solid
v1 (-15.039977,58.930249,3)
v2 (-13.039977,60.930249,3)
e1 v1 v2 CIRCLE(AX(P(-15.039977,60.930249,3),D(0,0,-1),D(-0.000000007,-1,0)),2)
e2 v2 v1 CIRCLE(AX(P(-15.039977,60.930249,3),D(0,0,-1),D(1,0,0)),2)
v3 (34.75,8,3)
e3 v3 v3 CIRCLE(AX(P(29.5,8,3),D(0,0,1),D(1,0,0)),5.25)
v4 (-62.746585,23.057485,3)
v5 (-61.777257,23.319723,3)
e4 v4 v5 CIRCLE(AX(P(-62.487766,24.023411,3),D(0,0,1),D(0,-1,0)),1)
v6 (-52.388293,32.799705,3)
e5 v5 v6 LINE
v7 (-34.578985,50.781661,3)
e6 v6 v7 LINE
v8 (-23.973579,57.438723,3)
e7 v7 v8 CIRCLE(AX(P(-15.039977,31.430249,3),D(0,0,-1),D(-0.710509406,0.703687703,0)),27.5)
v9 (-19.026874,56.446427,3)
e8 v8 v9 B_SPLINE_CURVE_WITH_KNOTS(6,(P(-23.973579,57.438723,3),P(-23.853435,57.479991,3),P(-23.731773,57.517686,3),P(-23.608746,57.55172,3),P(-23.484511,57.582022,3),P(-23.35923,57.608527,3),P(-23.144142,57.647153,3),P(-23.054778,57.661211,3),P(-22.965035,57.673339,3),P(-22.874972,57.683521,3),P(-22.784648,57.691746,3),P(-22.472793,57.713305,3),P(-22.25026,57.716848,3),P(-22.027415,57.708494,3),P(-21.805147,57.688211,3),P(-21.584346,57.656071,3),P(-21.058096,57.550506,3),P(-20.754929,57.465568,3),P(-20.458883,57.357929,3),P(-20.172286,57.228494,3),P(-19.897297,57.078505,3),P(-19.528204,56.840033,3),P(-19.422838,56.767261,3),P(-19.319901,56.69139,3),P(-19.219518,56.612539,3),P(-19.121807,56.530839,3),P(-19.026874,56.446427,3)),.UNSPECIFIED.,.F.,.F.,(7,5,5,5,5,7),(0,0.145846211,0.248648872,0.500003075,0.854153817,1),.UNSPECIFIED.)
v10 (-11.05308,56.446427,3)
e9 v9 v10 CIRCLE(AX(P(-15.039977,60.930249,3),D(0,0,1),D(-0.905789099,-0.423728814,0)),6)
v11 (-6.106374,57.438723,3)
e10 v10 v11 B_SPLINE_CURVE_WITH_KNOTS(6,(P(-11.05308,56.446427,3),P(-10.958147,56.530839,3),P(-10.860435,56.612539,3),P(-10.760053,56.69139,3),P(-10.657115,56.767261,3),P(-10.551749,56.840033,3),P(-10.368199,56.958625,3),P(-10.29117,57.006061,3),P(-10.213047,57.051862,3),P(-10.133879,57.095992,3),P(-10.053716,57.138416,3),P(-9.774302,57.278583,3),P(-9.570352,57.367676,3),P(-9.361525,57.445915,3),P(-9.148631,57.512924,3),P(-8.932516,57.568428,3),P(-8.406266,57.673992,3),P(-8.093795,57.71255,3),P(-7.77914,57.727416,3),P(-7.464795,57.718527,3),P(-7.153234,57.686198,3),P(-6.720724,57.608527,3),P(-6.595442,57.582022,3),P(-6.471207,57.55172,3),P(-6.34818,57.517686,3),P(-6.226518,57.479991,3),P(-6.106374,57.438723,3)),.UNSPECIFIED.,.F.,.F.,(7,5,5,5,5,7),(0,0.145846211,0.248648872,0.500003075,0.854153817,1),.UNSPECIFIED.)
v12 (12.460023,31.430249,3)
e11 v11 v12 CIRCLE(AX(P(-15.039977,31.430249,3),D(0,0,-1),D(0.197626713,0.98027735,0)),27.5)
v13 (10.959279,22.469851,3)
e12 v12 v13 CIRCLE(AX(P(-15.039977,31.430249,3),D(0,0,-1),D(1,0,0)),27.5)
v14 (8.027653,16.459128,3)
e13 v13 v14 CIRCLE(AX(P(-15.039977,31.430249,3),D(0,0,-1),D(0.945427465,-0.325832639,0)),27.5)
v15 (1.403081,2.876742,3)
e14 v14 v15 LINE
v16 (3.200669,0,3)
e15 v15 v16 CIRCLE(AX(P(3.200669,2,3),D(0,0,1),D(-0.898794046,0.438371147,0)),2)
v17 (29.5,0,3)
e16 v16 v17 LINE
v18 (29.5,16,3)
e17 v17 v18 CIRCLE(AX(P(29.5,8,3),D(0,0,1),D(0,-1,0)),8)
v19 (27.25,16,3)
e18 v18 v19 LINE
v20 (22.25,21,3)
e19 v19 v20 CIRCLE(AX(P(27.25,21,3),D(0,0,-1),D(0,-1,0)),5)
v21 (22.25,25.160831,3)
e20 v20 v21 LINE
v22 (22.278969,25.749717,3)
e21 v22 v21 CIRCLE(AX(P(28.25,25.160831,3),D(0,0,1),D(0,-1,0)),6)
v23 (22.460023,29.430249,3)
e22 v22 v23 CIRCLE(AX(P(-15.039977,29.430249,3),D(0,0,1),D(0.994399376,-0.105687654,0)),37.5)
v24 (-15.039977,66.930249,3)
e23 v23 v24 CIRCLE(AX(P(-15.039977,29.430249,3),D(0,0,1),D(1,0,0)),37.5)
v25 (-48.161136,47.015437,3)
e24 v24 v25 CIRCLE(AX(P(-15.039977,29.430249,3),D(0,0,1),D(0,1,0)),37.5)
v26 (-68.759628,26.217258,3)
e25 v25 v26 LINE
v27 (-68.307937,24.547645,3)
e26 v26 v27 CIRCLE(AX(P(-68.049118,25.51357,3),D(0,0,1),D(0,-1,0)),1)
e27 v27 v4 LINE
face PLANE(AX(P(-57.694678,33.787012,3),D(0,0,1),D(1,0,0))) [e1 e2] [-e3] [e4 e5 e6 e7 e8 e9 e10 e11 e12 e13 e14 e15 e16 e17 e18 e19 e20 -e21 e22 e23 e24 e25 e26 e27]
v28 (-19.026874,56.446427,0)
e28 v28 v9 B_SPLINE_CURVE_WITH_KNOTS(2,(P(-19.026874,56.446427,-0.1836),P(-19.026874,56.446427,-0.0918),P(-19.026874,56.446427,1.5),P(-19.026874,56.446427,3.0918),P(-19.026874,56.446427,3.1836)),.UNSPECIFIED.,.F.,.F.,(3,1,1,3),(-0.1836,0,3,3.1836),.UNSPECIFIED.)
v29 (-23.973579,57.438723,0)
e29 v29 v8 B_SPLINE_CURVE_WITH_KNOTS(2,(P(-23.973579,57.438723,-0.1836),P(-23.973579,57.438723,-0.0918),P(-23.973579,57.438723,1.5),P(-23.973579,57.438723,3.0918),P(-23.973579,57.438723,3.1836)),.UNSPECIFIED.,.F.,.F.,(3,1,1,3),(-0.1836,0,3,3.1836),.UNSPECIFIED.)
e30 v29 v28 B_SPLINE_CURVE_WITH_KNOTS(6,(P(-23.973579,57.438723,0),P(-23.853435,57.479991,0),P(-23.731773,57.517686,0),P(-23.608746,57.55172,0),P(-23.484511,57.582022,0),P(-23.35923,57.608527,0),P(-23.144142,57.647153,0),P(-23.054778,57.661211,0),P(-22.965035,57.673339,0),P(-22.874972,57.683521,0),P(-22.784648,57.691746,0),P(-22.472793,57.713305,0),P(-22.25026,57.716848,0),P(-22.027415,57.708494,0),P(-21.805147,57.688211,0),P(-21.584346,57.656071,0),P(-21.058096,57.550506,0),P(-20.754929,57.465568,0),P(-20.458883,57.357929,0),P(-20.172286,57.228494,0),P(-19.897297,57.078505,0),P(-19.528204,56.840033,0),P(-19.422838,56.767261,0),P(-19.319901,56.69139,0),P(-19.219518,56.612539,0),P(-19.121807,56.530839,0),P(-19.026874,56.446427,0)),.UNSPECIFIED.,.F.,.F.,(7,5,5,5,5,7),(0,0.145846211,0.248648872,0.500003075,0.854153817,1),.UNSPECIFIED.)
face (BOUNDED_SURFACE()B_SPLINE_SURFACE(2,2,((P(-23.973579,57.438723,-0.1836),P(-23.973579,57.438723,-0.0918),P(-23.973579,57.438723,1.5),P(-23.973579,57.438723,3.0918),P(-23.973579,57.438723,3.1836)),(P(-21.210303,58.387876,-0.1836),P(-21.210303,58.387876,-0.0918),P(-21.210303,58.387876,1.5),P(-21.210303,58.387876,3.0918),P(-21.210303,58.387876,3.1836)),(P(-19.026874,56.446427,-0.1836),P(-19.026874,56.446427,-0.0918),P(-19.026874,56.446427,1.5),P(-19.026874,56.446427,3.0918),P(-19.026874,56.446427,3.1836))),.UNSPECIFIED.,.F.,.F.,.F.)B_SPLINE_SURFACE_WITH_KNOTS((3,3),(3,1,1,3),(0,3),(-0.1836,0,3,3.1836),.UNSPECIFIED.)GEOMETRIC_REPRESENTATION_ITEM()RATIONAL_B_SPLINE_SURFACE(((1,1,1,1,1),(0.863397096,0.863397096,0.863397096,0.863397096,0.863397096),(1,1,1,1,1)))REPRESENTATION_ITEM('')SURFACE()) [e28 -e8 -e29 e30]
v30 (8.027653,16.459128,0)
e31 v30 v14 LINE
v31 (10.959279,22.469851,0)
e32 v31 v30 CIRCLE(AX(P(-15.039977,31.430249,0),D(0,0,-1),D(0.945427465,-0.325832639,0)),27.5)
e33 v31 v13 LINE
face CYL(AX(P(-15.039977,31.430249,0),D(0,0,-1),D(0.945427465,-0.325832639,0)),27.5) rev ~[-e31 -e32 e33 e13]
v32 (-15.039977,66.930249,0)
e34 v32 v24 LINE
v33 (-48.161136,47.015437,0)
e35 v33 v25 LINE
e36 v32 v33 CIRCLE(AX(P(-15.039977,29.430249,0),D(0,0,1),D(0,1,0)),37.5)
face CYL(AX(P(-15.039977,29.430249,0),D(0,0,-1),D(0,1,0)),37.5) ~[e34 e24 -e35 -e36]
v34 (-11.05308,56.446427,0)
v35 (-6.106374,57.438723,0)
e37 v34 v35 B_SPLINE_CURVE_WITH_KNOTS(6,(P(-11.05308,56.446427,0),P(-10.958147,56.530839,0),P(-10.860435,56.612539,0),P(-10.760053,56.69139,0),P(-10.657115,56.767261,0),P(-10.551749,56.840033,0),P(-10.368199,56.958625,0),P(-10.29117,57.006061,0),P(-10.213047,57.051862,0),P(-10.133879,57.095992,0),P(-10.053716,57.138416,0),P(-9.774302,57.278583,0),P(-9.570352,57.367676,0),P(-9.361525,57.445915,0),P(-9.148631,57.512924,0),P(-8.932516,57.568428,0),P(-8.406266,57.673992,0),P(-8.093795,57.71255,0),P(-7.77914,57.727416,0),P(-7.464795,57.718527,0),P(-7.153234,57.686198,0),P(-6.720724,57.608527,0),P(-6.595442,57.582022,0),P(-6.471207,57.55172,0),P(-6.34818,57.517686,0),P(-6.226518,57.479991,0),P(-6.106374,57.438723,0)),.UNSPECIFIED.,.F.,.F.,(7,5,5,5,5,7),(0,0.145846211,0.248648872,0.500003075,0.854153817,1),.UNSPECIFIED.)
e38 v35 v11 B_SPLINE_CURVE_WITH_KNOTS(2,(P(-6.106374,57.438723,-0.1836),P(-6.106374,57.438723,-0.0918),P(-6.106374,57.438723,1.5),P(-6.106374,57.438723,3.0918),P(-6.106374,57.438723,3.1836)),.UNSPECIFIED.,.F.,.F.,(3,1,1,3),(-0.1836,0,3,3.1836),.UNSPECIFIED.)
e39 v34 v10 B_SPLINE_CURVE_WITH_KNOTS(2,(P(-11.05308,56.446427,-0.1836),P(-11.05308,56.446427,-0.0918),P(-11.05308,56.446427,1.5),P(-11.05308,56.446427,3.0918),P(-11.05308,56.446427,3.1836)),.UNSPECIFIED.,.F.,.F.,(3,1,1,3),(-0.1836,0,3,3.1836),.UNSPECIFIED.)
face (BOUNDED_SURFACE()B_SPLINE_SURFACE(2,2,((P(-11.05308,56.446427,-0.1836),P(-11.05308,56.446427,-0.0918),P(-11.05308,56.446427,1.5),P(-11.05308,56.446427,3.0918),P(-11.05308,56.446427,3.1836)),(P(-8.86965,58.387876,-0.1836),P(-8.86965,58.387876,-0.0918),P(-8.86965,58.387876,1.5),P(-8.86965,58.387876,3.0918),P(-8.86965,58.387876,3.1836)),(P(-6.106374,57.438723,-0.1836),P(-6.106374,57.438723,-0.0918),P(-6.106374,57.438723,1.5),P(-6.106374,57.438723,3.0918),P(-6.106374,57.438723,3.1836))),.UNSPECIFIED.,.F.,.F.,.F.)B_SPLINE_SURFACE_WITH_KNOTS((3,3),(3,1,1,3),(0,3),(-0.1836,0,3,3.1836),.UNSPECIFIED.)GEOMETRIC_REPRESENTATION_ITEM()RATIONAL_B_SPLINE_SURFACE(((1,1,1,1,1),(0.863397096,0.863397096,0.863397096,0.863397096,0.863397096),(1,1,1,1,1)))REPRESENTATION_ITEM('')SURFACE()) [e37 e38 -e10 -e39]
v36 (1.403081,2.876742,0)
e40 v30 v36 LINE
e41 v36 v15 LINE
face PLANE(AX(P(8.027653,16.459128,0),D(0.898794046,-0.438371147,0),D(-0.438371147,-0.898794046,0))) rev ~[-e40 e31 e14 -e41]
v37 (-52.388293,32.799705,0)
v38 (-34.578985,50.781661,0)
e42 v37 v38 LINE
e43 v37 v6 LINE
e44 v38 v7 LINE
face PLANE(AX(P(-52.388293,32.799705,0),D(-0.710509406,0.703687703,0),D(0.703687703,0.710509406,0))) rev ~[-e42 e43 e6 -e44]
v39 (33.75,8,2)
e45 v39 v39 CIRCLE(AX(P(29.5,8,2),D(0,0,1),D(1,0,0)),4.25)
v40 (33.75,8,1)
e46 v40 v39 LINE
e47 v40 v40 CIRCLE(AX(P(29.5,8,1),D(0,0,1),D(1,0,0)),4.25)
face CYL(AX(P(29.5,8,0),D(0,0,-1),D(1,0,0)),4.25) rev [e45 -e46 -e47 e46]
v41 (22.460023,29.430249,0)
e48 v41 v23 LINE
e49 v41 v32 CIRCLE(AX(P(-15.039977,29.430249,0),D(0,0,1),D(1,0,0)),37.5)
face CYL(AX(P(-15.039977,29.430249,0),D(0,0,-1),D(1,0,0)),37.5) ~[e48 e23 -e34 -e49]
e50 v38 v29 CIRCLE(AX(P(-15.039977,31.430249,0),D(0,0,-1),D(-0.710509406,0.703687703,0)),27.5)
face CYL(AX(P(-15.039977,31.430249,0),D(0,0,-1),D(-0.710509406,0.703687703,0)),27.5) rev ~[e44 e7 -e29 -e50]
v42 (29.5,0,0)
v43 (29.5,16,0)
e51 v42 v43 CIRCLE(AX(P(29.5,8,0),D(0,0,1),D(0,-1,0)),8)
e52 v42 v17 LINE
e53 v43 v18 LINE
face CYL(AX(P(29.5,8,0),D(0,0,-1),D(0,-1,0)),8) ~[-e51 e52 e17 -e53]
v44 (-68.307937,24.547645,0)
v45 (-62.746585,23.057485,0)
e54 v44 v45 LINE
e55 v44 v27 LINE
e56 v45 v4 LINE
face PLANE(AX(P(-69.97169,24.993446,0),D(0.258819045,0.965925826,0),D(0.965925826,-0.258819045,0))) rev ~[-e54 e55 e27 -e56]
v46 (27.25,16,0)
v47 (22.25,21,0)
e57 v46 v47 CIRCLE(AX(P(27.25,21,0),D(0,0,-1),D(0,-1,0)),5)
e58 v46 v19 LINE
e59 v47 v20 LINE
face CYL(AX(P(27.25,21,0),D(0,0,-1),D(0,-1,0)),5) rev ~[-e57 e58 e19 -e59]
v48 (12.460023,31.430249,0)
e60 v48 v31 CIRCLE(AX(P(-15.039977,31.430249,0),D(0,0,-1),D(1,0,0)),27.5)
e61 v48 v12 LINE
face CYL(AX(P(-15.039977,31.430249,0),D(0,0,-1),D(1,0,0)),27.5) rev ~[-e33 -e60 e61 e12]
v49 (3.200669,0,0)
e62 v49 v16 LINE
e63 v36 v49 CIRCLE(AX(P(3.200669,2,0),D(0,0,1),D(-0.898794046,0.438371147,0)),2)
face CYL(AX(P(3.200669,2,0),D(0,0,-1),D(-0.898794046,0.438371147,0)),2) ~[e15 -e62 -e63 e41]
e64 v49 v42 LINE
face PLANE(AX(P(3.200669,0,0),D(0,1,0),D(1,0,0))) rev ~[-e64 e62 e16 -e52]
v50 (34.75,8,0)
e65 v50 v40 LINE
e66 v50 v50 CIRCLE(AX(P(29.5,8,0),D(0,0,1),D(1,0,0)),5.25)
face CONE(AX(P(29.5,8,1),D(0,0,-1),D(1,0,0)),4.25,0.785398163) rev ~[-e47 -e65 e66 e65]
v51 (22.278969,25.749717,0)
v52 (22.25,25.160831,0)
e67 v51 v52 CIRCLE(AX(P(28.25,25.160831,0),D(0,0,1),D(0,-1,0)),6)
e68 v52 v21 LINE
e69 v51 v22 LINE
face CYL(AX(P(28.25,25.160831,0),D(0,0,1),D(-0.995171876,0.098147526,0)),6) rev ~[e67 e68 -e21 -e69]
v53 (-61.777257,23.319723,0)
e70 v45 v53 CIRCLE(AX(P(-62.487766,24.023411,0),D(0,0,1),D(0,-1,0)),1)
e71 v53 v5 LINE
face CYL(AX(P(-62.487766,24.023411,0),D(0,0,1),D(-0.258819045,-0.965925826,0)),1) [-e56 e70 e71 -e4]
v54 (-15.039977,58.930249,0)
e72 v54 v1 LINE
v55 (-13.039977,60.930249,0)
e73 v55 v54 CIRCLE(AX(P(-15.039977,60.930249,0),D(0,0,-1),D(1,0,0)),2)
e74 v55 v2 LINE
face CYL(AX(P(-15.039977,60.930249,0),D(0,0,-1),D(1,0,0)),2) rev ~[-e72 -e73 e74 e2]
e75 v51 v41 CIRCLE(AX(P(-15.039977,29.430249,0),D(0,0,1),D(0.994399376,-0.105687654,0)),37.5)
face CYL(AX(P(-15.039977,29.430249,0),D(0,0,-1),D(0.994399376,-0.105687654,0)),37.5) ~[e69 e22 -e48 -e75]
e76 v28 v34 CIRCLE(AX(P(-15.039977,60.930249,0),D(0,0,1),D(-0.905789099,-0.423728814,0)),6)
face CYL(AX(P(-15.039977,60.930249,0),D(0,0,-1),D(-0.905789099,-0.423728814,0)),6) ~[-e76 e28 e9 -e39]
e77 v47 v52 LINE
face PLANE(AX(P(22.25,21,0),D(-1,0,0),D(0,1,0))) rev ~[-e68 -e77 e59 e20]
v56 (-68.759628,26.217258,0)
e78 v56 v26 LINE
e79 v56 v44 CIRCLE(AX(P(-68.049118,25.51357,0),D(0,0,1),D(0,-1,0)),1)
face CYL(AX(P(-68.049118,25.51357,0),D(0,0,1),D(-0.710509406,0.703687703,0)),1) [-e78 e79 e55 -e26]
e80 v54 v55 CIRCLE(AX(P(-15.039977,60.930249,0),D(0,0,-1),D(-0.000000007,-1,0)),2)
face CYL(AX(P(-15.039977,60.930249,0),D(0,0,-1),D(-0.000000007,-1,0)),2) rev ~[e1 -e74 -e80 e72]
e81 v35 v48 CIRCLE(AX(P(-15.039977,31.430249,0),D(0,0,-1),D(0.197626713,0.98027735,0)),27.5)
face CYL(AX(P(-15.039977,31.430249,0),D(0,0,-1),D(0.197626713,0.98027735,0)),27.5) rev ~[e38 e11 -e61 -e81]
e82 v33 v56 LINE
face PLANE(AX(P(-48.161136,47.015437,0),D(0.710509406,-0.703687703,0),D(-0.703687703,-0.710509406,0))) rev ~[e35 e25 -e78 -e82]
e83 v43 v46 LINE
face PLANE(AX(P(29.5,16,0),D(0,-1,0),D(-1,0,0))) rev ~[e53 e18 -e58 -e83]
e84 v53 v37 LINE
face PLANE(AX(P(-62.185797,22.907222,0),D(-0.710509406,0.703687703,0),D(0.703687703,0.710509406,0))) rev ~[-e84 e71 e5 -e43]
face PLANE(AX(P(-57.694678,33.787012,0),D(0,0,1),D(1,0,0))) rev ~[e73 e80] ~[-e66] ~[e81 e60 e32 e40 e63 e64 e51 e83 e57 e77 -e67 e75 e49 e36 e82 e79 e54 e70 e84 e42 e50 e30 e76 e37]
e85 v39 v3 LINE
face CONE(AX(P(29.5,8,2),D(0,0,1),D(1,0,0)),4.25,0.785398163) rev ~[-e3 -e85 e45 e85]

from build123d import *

# Parameters (mm, degrees)
F0_R     = 4.25
F1_DEPTH = 3
F2_R     = 5
F3_R     = 6
F4_R     = 1
F5_SIZE  = 1


with BuildPart() as f1:
    # F0 (on Top) → F1 (new body)
    with BuildSketch(Plane.XY):
        with BuildLine():
            Line((-62.1857971695, 22.9072221785), (-52.3882933556, 32.7997051499))
            ThreePointArc((-52.3882933556, 32.7997051499), (-50.9844964361, 40.1186300293), (-48.1611355423, 47.0154365688))
            Line((-48.1611355423, 47.0154365688), (-69.9716899396, 24.9934458586))
            Line((-69.9716899396, 24.9934458586), (-62.1857971695, 22.9072221785))
        make_face()
        with BuildLine():
            ThreePointArc((-48.1611355423, 47.0154365688), (-50.9844964361, 40.1186300293), (-52.3882933556, 32.7997051499))
            Line((-52.3882933556, 32.7997051499), (-34.5789852905, 50.7816605657))
            ThreePointArc((-34.5789852905, 50.7816605657), (-28.0931597891, 55.634884838), (-20.47471121, 58.3878758514))
            ThreePointArc((-20.47471121, 58.3878758514), (-20.102300057, 64.1509445203), (-15.0399766137, 66.9302487327))
            ThreePointArc((-15.0399766137, 66.9302487327), (-34.3636079514, 61.5681900471), (-48.1611355423, 47.0154365688))
        make_face()
        with BuildLine():
            ThreePointArc((-15.0399766137, 66.9302487327), (-20.102300057, 64.1509445203), (-20.47471121, 58.3878758514))
            ThreePointArc((-20.47471121, 58.3878758514), (-17.7708422565, 58.794319571), (-15.0399766285, 58.9302487327))
            ThreePointArc((-15.0399766285, 58.9302487327), (-12.3091109856, 58.7943195724), (-9.6052420174, 58.3878758514))
            ThreePointArc((-9.6052420174, 58.3878758514), (-9.1829975469, 59.628021329), (-9.0399766137, 60.9302487327))
            ThreePointArc((-9.0399766137, 60.9302487327), (-10.7973359266, 65.1728894198), (-15.0399766137, 66.9302487327))
        make_face()
        with BuildLine():
            ThreePointArc((-13.0399766137, 60.9302487327), (-13.6257630566, 59.5160351651), (-15.0399766285, 58.9302487327))
            ThreePointArc((-15.0399766285, 58.9302487327), (-16.4541901709, 62.3444623003), (-13.0399766137, 60.9302487327))
        make_face(mode=Mode.SUBTRACT)
        with BuildLine():
            ThreePointArc((-15.0399766285, 58.9302487327), (-17.7708422565, 58.794319571), (-20.47471121, 58.3878758514))
            ThreePointArc((-20.47471121, 58.3878758514), (-15.0399766137, 54.9302487327), (-9.6052420174, 58.3878758514))
            ThreePointArc((-9.6052420174, 58.3878758514), (-12.3091109856, 58.7943195724), (-15.0399766285, 58.9302487327))
        make_face()
        with BuildLine():
            ThreePointArc((1.4030809655, 2.8767422936), (1.5045728658, 0.9401614715), (3.2006690581, 0))
            Line((3.2006690581, 0), (8.2003000527, 0))
            ThreePointArc((8.2003000527, 0), (17.7947523333, 11.3158739167), (22.25, 25.4669616943))
            ThreePointArc((22.25, 25.4669616943), (22.40748073, 27.4458247627), (22.4600233863, 29.4302487327))
            ThreePointArc((22.4600233863, 29.4302487327), (11.4765276808, 55.9467530272), (-15.0399766137, 66.9302487327))
            ThreePointArc((-15.0399766137, 66.9302487327), (-10.7973359266, 65.1728894198), (-9.0399766137, 60.9302487327))
            ThreePointArc((-9.0399766137, 60.9302487327), (-9.1829975469, 59.628021329), (-9.6052420174, 58.3878758514))
            ThreePointArc((-9.6052420174, 58.3878758514), (6.2403570467, 48.8485551745), (12.4600233863, 31.4302487327))
            ThreePointArc((12.4600233863, 31.4302487327), (12.0822423248, 26.8876459708), (10.9592786697, 22.4698511575))
            ThreePointArc((10.9592786697, 22.4698511575), (9.6768596595, 19.375042196), (8.0276528973, 16.4591275743))
            Line((8.0276528973, 16.4591275743), (1.4030809655, 2.8767422936))
        make_face()
        with BuildLine():
            ThreePointArc((22.25, 25.4669616943), (17.7947523333, 11.3158739167), (8.2003000527, 0))
            Line((8.2003000527, 0), (29.5, 0))
            ThreePointArc((29.5, 0), (37.5, 8), (29.5, 16))
            Line((29.5, 16), (27.25, 16))
            ThreePointArc((27.25, 16), (23.7144660941, 17.4644660941), (22.25, 21))
            Line((22.25, 21), (22.25, 22.4049843981))
            Line((22.25, 22.4049843981), (22.25, 25.4669616943))
        make_face()
        with Locations((29.5, 8)):
            Circle(F0_R, mode=Mode.SUBTRACT)
    extrude(amount=F1_DEPTH)

    # F2
    f2_edges = [f1.edges().sort_by_distance(p)[0] for p in [
        (-20.474711, 58.387876, 1.5),
        (-9.605242, 58.387876, 1.5),
    ]]
    fillet(f2_edges, radius=F2_R)

    # F3
    f3_edges = [f1.edges().sort_by_distance(p)[0] for p in [
        (22.25, 25.466962, 1.5),
    ]]
    fillet(f3_edges, radius=F3_R)

    # F4
    f4_edges = [f1.edges().sort_by_distance(p)[0] for p in [
        (-69.97169, 24.993446, 1.5),
        (-62.185797, 22.907222, 1.5),
    ]]
    fillet(f4_edges, radius=F4_R)

    # F5
    f5_edges = [f1.edges().sort_by_distance(p)[0] for p in [
        (25.25, 8, 3),
        (25.25, 8, 0),
    ]]
    chamfer(f5_edges, length=F5_SIZE)


solid = f1.part
